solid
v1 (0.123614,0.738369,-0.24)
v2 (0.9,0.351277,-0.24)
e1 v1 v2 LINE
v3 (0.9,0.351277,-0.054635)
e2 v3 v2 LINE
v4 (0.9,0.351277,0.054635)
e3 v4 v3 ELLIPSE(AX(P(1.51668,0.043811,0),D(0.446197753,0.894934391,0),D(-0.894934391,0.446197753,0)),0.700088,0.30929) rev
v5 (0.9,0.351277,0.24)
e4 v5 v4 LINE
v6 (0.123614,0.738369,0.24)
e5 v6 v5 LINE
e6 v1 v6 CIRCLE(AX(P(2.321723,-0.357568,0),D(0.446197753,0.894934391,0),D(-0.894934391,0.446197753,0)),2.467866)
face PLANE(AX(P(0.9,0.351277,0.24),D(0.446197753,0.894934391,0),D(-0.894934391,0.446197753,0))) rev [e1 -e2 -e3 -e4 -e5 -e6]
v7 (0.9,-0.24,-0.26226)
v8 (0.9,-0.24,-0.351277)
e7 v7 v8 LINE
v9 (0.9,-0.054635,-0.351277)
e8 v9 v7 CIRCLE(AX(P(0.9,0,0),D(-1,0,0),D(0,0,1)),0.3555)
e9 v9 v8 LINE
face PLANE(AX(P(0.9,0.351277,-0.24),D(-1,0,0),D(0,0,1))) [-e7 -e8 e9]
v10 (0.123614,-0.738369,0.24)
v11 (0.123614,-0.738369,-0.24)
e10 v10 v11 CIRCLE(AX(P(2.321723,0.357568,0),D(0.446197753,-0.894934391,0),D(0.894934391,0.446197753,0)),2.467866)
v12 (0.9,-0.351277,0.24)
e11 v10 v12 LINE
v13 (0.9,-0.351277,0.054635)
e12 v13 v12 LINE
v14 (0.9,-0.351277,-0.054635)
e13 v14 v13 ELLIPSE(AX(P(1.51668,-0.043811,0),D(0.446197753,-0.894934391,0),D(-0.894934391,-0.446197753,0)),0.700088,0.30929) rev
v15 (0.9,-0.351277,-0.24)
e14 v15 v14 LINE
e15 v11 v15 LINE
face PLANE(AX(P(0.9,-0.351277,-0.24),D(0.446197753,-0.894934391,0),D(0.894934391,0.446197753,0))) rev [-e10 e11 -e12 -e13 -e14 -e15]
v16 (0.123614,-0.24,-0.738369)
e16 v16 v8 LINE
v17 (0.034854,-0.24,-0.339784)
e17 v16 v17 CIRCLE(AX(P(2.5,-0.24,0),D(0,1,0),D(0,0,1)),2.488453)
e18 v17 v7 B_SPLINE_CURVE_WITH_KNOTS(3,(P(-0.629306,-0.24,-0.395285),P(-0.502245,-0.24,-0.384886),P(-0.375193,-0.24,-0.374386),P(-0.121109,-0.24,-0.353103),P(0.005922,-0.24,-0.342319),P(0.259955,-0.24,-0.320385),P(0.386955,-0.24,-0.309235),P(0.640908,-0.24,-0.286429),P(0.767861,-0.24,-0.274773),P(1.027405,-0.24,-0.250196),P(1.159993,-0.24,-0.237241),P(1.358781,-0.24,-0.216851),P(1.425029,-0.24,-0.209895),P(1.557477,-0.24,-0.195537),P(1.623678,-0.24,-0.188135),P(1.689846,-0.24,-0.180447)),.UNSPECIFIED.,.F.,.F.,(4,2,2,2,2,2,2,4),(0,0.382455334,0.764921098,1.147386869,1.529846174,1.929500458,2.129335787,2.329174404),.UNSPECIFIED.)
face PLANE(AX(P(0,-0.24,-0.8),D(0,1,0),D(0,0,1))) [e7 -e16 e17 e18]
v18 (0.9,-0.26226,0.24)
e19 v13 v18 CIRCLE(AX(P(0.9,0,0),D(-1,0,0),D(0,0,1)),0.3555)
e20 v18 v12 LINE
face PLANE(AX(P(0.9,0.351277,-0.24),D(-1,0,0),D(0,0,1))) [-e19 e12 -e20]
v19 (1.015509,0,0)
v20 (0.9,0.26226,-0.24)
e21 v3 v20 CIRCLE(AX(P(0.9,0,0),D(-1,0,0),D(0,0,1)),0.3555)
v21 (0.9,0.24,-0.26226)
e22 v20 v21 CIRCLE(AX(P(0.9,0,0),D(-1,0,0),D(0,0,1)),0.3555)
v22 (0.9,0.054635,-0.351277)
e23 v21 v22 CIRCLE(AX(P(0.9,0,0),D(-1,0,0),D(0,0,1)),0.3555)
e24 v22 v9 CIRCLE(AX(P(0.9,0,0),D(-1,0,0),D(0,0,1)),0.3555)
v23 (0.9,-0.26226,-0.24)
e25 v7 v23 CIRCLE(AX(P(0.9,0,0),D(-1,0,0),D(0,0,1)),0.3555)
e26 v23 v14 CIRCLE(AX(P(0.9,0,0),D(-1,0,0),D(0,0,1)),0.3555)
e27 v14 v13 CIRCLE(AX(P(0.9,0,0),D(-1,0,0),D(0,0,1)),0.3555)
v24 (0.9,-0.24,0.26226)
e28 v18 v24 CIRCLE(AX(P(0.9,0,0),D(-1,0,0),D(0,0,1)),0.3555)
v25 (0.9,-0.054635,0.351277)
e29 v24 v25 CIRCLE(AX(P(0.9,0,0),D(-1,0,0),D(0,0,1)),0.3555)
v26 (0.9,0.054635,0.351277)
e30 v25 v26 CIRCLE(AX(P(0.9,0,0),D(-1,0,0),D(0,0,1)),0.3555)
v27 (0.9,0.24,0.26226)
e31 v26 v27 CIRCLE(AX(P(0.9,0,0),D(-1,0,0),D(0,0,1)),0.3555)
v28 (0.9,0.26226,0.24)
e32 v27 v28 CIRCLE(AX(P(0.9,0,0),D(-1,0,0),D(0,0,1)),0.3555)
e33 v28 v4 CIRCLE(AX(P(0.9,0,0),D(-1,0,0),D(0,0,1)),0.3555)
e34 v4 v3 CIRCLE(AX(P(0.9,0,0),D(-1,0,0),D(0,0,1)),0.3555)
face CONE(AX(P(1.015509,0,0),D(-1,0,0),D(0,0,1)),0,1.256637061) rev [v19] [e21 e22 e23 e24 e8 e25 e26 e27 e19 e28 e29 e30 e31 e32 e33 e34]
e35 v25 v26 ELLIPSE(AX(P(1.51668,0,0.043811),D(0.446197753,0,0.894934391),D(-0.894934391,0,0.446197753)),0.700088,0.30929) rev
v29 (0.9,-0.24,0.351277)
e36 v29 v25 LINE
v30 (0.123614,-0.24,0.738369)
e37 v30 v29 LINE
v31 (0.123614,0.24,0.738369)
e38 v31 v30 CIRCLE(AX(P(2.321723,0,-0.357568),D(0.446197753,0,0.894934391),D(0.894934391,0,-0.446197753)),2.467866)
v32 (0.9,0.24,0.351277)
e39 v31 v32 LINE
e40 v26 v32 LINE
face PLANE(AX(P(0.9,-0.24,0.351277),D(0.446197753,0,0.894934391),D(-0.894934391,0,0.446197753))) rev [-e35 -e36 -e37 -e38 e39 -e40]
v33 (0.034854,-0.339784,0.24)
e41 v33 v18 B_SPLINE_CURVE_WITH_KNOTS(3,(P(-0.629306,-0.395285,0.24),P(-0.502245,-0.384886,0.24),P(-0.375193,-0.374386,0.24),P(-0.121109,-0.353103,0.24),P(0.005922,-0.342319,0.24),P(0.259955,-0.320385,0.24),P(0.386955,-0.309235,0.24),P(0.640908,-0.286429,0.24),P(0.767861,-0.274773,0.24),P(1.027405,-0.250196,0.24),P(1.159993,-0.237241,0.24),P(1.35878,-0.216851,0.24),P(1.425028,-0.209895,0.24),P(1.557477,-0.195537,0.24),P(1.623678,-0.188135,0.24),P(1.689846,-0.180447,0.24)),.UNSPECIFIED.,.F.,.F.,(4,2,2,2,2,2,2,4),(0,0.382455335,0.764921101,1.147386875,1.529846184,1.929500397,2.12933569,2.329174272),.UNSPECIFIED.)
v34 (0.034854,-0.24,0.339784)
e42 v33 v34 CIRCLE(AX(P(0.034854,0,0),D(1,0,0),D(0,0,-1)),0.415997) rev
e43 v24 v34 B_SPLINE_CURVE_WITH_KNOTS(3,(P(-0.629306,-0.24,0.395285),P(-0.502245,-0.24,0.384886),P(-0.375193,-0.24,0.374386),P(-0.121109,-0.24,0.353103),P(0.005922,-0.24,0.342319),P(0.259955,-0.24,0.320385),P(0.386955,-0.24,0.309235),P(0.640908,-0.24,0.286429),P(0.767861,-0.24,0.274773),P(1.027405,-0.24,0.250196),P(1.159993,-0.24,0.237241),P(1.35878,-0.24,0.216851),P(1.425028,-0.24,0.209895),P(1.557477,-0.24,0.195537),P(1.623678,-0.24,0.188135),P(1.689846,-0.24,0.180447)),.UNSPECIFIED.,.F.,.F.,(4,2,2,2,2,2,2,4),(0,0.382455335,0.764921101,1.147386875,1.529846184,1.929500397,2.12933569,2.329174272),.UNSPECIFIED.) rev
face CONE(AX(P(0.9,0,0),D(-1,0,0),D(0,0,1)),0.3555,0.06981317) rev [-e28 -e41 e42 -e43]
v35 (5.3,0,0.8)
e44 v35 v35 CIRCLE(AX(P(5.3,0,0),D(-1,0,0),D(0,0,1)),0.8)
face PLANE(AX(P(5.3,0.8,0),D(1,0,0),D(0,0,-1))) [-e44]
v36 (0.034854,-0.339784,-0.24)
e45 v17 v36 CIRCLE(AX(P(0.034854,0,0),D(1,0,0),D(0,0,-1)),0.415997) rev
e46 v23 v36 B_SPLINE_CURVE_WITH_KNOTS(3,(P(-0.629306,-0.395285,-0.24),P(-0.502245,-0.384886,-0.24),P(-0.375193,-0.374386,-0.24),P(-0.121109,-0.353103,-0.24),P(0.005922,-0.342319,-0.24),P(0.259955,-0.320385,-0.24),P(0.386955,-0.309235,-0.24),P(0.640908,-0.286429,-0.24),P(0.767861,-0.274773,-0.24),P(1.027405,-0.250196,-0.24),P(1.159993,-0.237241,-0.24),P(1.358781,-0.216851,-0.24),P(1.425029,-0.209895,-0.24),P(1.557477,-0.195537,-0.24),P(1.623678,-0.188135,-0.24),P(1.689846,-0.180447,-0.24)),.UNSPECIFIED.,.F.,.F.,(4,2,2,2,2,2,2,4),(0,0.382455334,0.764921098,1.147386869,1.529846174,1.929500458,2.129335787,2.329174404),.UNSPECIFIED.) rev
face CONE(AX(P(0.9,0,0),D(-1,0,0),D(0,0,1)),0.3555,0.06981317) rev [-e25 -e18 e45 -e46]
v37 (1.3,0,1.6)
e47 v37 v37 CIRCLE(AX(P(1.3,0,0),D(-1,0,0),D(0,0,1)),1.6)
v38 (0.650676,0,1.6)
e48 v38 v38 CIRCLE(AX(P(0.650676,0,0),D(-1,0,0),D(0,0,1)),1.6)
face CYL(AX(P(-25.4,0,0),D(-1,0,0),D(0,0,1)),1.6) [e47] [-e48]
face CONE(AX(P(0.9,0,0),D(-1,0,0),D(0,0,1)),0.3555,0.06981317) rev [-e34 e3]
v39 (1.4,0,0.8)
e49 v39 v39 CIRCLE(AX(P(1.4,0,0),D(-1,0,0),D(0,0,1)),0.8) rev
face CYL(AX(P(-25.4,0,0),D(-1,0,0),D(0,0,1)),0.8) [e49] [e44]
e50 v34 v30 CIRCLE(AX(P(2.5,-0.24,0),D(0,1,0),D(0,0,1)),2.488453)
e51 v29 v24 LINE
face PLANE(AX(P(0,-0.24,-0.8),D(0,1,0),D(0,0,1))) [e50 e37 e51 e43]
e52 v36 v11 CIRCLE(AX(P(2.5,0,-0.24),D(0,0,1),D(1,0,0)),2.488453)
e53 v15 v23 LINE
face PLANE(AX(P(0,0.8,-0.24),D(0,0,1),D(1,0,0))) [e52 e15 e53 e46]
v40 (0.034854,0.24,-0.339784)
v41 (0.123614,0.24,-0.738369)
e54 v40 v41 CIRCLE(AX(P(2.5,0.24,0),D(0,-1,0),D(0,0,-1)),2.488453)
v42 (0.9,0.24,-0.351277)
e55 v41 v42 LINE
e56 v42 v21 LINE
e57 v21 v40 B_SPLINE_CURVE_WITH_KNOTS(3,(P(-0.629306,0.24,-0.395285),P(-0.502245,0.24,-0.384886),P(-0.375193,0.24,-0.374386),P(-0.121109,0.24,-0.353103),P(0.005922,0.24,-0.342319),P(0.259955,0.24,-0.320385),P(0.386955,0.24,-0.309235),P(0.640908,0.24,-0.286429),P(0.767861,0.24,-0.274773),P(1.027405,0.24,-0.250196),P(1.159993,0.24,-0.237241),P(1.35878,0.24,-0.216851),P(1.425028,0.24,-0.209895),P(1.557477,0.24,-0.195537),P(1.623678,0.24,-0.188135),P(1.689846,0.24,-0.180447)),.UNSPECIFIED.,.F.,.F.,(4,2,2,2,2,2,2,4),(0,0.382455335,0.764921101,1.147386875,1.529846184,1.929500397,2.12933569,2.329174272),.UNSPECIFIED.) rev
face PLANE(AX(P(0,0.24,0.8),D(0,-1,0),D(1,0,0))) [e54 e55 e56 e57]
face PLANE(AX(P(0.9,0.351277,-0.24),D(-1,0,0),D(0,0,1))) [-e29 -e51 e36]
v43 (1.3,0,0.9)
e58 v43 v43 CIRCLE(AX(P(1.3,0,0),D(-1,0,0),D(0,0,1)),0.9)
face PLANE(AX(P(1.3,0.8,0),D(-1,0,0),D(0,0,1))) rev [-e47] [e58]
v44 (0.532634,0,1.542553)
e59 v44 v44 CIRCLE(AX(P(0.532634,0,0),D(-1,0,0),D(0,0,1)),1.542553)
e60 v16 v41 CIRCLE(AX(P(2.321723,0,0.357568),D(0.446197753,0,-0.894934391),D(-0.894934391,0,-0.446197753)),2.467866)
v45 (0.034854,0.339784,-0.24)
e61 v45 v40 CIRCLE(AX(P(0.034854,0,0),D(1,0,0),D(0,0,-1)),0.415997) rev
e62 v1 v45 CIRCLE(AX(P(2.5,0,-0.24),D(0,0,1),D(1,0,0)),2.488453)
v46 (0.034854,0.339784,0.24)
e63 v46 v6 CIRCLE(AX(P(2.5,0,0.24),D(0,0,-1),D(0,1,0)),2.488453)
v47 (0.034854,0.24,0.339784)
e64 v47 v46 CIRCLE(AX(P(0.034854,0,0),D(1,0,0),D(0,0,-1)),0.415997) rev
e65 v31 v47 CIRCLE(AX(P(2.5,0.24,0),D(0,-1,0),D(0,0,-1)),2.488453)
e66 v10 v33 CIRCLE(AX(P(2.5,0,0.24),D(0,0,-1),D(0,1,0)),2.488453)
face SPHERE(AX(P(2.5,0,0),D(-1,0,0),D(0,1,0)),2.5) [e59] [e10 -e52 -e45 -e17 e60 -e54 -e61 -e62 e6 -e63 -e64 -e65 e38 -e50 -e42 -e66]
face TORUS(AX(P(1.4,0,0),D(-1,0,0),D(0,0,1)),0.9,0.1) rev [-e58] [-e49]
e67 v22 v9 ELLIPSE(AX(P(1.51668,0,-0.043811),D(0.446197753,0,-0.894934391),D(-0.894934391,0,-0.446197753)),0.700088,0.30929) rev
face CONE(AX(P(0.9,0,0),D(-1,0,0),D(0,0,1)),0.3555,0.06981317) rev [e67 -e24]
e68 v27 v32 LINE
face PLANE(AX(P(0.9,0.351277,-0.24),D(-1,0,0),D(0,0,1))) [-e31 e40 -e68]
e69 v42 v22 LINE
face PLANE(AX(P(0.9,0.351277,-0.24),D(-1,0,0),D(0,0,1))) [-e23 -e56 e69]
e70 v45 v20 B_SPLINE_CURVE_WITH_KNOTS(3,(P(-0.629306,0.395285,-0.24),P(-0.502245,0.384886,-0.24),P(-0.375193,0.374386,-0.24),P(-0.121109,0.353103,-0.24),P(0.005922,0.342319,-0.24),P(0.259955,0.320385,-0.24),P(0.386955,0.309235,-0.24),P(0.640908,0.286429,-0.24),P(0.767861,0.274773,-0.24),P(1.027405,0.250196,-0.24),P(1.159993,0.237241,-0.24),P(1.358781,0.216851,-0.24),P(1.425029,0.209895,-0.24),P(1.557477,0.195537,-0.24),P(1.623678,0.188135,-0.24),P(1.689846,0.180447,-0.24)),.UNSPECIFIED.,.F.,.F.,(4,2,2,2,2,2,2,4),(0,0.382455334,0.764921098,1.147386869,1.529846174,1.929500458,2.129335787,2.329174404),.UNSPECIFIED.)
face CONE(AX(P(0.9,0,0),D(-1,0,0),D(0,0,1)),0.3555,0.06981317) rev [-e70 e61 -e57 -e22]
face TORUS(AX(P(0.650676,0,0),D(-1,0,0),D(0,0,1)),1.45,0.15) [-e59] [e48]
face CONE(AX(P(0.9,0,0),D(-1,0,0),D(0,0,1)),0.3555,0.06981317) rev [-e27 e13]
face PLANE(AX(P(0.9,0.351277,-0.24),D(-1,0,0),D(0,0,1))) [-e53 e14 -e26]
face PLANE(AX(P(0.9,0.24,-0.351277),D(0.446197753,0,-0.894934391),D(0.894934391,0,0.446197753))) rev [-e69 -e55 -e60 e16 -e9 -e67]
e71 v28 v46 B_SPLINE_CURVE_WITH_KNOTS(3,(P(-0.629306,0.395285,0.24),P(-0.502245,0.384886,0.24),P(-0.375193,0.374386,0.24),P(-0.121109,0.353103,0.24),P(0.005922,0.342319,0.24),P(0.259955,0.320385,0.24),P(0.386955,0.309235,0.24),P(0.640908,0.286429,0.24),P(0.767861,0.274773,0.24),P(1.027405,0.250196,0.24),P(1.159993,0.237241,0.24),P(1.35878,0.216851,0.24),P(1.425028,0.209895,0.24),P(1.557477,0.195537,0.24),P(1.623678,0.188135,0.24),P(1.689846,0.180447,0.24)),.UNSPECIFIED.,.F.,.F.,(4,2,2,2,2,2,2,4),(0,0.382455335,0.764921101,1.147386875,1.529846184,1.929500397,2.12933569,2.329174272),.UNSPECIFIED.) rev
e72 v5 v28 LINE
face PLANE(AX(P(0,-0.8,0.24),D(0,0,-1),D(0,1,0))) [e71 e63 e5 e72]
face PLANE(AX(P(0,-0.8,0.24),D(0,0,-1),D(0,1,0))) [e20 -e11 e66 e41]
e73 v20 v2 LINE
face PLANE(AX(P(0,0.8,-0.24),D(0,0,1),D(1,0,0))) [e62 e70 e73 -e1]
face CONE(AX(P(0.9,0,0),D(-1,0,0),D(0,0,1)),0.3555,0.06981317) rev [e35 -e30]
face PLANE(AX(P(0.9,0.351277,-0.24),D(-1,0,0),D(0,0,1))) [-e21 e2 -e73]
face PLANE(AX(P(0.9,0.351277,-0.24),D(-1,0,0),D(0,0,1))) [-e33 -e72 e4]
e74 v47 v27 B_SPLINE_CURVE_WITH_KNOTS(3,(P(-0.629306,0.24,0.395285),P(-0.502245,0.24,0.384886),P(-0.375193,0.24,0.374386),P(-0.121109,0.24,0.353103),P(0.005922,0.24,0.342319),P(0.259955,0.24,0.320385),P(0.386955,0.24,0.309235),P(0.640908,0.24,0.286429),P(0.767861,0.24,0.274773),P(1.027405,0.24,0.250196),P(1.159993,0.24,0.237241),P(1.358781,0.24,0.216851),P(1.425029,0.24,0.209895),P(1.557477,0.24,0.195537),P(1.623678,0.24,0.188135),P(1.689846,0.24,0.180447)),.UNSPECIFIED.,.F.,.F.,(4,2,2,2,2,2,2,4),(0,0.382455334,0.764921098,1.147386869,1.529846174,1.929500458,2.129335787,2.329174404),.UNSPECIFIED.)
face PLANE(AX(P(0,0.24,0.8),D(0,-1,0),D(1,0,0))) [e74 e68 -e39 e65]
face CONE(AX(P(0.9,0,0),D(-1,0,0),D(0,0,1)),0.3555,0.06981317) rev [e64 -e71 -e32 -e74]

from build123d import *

# Parameters (mm, degrees)
FILLET1_R    = 0.1
SKETCH3_W    = 0.48
SKETCH3_H    = 1.6
SKETCH4_W    = 0.48
SKETCH4_H    = 0.702553256
RECPAT_COUNT = 2
RECPAT_ANGLE = 90


with BuildPart() as part:
    # BodySke → Base-Revolve (revolve)
    with BuildSketch(Plane.XY):
        with BuildLine():
            Line((1.3, 0.8), (1.3, 1.6))
            Line((1.3, 1.6), (0.650675799, 1.6))
            ThreePointArc((0.650675799, 1.6), (0.585036553, 1.584875829), (0.532633829, 1.542553191))
            ThreePointArc((0.532633829, 1.542553191), (0.136907172, 0.815960959), (0, 0))
            Line((0, 0), (5.3, 0))
            Line((5.3, 0), (5.3, 0.8))
            Line((5.3, 0.8), (1.3, 0.8))
        make_face()
    revolve(axis=Axis((-25.4, 0, 0), (1, 0, 0)))

    # Fillet1
    fillet1_edges = [part.edges().sort_by_distance(p)[0] for p in [
        (1.3, -0.8, 0),
    ]]
    fillet(fillet1_edges, radius=FILLET1_R)

    # Sketch3 → Recess section 0
    with BuildSketch(Plane(origin=(0, 0, 0), x_dir=(0, 0, -1), z_dir=(1, 0, 0))):
        Rectangle(SKETCH3_W, SKETCH3_H)
    # Sketch4 → Recess section 1
    with BuildSketch(Plane(origin=(0.9, 0, 0), x_dir=(0, 0, -1), z_dir=(1, 0, 0))):
        Rectangle(SKETCH4_W, SKETCH4_H)
    recess = loft(mode=Mode.SUBTRACT)

    # RecPat: Recess ×2 about axis
    recpat_axis = Axis((0, 0, 0), (1, 0, 0))
    for i in range(1, RECPAT_COUNT):
        add(recess.rotate(recpat_axis, i * RECPAT_ANGLE / (RECPAT_COUNT - 1)), mode=Mode.SUBTRACT)

    # RecCorSke → RecessCore (revolve, cut)
    with BuildSketch(Plane.XY):
        Polygon((0, 0), (0, 0.418434131), (0.9, 0.3555), (1.015508952, 0), align=None)
    revolve(axis=Axis((-3.175, 0, 0), (1, 0, 0)), mode=Mode.SUBTRACT)


solid = part.part
